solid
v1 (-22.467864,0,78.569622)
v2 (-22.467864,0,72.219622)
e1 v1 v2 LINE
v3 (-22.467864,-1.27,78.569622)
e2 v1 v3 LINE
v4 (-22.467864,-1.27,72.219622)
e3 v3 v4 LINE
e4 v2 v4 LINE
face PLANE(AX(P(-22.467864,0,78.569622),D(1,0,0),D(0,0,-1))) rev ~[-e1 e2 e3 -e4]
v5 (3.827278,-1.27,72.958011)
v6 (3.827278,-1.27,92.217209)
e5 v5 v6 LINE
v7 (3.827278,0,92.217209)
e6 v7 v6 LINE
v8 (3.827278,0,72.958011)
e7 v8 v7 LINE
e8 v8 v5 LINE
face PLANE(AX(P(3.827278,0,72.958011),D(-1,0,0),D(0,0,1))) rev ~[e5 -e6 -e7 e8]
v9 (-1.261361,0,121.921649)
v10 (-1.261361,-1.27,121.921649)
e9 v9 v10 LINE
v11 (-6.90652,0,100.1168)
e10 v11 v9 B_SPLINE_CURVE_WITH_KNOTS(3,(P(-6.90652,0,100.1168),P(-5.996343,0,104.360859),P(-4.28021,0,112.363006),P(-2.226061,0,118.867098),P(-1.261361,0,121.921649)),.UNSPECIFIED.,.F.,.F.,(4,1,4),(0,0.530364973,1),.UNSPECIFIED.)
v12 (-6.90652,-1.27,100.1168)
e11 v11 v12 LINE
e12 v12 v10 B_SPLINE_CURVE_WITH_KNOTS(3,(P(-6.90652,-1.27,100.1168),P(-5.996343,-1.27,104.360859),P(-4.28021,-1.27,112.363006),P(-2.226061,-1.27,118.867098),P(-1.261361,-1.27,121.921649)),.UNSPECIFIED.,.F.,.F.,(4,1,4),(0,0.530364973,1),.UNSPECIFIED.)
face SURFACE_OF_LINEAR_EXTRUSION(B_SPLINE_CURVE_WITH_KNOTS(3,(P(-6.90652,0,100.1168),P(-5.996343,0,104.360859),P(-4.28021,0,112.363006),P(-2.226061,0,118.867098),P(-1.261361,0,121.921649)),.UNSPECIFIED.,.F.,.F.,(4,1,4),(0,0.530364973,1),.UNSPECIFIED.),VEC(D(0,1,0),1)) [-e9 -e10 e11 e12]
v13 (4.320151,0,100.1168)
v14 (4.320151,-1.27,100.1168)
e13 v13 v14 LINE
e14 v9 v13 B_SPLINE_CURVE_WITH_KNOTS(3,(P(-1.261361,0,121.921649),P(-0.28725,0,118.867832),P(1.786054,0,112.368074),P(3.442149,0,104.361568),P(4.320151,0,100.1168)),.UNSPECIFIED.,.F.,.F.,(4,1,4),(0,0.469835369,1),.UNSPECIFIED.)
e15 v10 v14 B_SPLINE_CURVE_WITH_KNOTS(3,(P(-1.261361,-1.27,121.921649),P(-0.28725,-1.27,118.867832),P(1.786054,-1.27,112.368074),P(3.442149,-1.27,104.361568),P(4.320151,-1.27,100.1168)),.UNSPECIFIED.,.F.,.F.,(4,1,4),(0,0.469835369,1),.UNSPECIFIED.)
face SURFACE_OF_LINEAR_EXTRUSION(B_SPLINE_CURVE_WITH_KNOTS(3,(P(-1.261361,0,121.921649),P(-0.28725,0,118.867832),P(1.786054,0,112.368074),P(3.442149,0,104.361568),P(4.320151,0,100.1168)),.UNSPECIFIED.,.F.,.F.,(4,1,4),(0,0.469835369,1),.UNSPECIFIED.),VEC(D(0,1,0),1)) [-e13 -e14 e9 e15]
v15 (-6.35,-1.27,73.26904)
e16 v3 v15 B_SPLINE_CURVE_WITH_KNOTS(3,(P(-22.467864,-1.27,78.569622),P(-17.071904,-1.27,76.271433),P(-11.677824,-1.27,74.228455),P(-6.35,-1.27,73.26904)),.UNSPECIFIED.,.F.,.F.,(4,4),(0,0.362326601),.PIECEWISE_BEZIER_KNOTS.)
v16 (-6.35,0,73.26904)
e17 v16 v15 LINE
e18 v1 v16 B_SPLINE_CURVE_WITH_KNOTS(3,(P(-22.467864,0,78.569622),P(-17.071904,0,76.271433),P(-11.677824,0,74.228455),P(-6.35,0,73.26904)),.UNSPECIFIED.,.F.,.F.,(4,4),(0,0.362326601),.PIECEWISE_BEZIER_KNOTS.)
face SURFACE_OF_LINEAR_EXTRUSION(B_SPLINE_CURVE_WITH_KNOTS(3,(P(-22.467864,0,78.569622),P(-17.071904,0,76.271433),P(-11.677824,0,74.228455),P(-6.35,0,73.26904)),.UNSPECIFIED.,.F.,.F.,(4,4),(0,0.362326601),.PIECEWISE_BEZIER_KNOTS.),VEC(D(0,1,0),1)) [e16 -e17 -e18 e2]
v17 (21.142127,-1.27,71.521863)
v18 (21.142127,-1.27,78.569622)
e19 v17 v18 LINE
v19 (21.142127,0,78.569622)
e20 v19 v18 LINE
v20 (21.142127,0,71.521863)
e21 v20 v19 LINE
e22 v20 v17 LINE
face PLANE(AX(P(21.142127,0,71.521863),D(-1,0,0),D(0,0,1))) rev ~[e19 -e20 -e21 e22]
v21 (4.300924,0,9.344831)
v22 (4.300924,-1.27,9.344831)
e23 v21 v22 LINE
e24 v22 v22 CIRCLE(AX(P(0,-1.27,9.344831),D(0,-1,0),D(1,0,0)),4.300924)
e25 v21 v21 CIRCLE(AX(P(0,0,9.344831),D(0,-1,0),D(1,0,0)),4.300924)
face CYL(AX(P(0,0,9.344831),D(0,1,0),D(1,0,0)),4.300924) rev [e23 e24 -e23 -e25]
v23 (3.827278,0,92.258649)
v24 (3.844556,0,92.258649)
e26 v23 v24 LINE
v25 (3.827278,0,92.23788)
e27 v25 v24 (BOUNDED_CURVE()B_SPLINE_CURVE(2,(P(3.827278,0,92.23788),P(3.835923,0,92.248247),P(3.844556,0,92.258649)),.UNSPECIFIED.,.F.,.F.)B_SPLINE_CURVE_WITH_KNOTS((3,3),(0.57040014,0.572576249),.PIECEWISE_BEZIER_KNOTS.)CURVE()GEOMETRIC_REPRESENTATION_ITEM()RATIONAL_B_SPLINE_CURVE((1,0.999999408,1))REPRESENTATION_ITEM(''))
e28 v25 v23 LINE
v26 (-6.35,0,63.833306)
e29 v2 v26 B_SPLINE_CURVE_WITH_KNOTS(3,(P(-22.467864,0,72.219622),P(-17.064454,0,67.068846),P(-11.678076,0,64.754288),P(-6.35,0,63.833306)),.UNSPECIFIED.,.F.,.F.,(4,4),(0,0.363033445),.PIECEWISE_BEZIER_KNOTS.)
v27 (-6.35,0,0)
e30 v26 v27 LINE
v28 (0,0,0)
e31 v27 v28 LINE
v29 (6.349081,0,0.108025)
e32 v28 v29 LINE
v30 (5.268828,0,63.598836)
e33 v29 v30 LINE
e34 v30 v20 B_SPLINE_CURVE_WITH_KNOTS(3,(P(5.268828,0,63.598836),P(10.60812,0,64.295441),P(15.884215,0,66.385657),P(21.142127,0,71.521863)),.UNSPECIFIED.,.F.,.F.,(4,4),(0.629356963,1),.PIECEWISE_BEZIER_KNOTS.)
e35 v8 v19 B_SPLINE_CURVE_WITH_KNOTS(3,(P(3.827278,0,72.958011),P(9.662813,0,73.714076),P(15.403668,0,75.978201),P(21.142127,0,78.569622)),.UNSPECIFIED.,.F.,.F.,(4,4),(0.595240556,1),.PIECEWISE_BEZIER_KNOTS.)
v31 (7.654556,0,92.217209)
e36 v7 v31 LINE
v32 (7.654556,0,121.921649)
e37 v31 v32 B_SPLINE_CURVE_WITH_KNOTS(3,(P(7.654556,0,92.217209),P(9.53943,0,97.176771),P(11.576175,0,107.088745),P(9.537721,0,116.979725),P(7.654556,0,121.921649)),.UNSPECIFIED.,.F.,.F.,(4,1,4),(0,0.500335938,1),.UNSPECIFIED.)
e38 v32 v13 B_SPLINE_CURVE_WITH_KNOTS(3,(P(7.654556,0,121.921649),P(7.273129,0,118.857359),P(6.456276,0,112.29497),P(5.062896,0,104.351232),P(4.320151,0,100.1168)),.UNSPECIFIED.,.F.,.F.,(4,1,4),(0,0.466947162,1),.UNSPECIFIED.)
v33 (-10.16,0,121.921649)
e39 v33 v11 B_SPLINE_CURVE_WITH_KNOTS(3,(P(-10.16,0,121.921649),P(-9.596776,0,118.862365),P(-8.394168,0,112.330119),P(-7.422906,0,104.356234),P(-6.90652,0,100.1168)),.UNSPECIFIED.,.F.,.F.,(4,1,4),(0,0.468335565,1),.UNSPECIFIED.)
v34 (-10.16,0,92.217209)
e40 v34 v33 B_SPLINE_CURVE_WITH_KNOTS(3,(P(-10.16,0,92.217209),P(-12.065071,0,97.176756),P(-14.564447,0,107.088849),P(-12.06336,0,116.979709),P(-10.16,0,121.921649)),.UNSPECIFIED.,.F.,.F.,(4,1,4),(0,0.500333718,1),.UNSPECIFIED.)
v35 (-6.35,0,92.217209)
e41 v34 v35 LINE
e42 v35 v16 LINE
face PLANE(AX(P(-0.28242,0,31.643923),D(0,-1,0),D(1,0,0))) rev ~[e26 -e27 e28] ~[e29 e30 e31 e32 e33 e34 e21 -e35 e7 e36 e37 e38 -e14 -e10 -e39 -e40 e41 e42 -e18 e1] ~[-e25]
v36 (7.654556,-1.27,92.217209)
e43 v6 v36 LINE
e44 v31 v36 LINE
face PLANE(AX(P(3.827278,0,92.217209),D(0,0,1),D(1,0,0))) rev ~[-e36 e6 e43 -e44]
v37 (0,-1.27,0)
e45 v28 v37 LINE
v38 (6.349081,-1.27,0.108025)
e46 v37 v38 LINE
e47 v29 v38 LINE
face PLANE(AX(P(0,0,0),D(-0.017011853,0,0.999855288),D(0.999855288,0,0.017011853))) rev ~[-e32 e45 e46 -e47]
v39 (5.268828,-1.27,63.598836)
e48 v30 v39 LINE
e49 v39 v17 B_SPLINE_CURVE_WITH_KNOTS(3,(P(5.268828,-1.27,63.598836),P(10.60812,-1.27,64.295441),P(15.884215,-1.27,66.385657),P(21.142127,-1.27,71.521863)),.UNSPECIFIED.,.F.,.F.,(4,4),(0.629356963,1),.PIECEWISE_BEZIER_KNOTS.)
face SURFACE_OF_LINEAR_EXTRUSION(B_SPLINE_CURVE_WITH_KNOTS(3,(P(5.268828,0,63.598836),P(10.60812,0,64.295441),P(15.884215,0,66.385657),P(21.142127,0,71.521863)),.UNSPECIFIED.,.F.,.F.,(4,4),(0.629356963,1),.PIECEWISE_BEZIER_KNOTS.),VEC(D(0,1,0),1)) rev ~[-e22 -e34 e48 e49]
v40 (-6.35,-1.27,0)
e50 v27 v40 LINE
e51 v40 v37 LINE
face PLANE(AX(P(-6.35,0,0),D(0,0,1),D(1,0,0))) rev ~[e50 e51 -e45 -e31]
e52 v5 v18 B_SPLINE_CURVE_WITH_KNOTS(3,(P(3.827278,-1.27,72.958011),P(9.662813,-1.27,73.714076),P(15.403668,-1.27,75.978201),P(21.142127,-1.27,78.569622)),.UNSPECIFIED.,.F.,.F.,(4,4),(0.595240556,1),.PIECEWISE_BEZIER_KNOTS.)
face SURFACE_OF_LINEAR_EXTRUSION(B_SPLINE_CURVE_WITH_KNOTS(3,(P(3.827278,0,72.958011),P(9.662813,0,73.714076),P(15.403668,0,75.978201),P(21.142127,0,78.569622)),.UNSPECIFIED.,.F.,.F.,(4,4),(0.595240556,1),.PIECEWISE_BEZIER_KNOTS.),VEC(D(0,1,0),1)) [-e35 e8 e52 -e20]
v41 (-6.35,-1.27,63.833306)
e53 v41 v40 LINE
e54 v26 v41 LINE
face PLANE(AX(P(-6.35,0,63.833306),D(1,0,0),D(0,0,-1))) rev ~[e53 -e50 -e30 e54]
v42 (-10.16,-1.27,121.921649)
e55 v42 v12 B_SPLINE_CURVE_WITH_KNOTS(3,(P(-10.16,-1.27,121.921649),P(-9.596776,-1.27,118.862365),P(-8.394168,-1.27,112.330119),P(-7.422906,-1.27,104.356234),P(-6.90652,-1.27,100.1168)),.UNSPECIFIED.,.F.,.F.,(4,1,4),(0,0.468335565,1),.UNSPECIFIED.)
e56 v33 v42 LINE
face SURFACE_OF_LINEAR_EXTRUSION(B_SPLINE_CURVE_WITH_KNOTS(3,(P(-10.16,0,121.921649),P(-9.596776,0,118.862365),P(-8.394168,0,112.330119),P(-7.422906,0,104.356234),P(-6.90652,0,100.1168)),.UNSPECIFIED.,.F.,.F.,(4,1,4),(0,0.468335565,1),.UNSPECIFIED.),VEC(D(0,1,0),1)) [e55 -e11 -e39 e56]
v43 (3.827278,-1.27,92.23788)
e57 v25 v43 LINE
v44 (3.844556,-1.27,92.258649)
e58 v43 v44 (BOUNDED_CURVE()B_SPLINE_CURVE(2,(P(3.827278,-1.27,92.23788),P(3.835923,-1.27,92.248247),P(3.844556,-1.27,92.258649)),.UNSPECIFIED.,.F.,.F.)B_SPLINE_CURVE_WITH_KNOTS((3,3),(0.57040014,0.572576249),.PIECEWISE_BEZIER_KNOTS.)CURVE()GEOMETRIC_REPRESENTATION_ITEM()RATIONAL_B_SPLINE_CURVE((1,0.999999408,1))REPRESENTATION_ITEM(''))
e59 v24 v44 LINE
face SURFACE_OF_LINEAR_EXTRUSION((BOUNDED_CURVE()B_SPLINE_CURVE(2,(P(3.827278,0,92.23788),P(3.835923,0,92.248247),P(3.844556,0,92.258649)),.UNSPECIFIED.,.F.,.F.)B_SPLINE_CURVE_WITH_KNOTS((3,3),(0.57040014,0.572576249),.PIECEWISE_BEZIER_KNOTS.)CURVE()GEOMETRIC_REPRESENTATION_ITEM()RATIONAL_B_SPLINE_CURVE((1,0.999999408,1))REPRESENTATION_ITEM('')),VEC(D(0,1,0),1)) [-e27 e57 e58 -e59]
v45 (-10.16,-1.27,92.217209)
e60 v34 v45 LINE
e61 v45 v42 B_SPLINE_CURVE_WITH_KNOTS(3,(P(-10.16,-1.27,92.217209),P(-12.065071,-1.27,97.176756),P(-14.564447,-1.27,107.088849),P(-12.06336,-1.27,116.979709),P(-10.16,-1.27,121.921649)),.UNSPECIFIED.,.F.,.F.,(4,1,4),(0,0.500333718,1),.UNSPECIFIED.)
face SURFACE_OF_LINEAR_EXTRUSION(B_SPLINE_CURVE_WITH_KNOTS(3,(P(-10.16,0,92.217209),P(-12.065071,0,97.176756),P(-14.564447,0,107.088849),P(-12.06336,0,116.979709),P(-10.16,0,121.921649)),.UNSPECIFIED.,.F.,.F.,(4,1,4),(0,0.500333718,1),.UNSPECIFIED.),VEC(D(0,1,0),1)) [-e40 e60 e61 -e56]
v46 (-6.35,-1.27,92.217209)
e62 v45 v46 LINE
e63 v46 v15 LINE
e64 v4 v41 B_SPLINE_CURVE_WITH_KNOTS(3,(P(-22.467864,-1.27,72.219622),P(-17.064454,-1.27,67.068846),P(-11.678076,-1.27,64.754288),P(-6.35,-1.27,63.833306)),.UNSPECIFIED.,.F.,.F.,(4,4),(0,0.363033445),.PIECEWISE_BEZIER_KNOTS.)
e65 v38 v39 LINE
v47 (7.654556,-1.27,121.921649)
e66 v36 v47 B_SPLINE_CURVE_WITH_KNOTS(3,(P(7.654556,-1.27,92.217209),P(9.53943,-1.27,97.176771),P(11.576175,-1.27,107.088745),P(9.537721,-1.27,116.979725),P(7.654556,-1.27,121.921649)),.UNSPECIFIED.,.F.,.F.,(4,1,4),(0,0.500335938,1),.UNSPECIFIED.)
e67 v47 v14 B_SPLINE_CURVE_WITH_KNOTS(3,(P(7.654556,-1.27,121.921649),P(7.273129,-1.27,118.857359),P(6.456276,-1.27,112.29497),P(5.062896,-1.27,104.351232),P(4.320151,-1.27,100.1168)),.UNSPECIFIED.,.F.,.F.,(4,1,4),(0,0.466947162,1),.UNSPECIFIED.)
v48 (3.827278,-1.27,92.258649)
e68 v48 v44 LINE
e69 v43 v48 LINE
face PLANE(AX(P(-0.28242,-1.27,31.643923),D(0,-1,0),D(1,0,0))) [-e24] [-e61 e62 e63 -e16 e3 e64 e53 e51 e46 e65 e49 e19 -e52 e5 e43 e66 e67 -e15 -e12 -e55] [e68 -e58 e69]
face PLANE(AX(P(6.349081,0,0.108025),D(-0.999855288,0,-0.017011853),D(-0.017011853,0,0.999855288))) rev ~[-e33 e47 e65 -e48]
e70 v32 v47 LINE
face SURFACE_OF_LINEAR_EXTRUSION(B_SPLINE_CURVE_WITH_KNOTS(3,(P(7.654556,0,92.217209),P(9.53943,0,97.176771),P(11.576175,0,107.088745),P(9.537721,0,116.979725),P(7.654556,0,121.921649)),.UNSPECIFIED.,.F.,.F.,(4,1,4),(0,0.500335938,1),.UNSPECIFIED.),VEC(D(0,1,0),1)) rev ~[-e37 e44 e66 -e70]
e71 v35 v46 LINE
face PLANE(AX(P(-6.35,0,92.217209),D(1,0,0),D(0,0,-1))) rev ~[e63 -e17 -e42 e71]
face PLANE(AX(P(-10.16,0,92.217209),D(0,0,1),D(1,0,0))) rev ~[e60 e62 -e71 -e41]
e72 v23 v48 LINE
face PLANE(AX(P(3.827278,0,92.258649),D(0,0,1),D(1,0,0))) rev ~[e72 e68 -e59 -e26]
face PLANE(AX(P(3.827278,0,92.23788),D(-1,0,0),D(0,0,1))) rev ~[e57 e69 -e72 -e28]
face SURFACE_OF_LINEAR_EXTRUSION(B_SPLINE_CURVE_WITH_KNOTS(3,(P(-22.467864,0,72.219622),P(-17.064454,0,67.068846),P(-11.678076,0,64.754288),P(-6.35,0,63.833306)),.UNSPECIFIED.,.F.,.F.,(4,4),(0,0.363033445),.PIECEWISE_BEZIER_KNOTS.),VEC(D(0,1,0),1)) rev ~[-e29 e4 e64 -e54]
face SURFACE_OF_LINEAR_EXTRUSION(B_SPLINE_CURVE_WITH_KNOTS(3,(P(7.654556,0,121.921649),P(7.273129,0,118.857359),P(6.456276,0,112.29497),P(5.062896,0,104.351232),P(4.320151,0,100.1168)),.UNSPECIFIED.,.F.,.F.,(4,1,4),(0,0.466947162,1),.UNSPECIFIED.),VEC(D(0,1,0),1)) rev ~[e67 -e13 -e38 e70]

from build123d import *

# Parameters (mm, degrees)
F0_R     = 4.3009235336
F1_DEPTH = 1.27


with BuildPart() as f1:
    # F0 (on Front) → F1 (new body)
    with BuildSketch(Plane.XZ):
        with BuildLine():
            Line((-6.35, 0), (0, 0))
            Line((0, 0), (6.3490810785, 0.1080252686))
            Line((6.3490810785, 0.1080252686), (5.2688283925, 63.5988360536))
            add(Edge.make_bspline(
                [(-6.35, 63.8333058417), (-4.2231685824, 63.4656735081), (-0.3315328284, 63.1981260537), (3.5198606581, 63.3706524244), (5.2688283925, 63.5988360536)],
                knots=[0.3630334453, 0.3630334453, 0.3630334453, 0.3630334453, 0.5079470936, 0.6293569632, 0.6293569632, 0.6293569632, 0.6293569632], degree=3))
            Line((-6.35, 63.8333058417), (-6.35, 0))
        make_face()
        with Locations((0, 9.344831109)):
            Circle(F0_R, mode=Mode.SUBTRACT)
        with BuildLine():
            Line((-10.16, 92.217209102), (-6.35, 92.217209102))
            Line((-6.35, 92.217209102), (3.81, 92.217209102))
            add(Edge.make_bspline(
                [(3.81, 92.217209102), (3.8186450629, 92.2275267888), (3.8272781109, 92.2378795682)],
                knots=[0.5682270645, 0.5682270645, 0.5682270645, 0.5704001399, 0.5704001399, 0.5704001399], degree=2, weights=[1, 0.9999994097, 1]))
            Line((3.8272781109, 92.2378795682), (3.8272781109, 92.217209102))
            Line((3.8272781109, 92.217209102), (3.8445562217, 92.217209102))
            Line((3.8445562217, 92.217209102), (7.6545562217, 92.217209102))
            add(Edge.make_bspline(
                [(7.6545562217, 92.217209102), (9.5394297496, 97.1767714549), (11.5761747812, 107.0887447306), (9.5377207666, 116.9797249494), (7.6545562217, 121.9216488643)],
                knots=[0, 0, 0, 0, 0.5003359375, 1, 1, 1, 1], degree=3))
            add(Edge.make_bspline(
                [(7.6545562217, 121.9216488643), (7.2731291678, 118.8573585817), (6.4562764143, 112.2949700402), (5.0628964284, 104.3512323354), (4.3201514552, 100.1167997863)],
                knots=[0, 0, 0, 0, 0.4669471622, 1, 1, 1, 1], degree=3))
            add(Edge.make_bspline(
                [(-1.2613609446, 121.9216488643), (-0.2872496355, 118.8678317931), (1.7860540092, 112.3680743835), (3.4421486091, 104.3615682107), (4.3201514552, 100.1167997863)],
                knots=[0, 0, 0, 0, 0.4698353694, 1, 1, 1, 1], degree=3))
            add(Edge.make_bspline(
                [(-6.9065201562, 100.1167997863), (-5.9963434616, 104.3608589619), (-4.2802103871, 112.3630057461), (-2.2260614, 118.8670975193), (-1.2613609446, 121.9216488643)],
                knots=[0, 0, 0, 0, 0.5303649727, 1, 1, 1, 1], degree=3))
            add(Edge.make_bspline(
                [(-10.16, 121.9216488643), (-9.5967759067, 118.8623650491), (-8.3941679207, 112.3301191934), (-7.4229057603, 104.3562335812), (-6.9065201562, 100.1167997863)],
                knots=[0, 0, 0, 0, 0.4683355645, 1, 1, 1, 1], degree=3))
            add(Edge.make_bspline(
                [(-10.16, 92.217209102), (-12.0650708017, 97.1767556626), (-14.5644469851, 107.0888485812), (-12.0633598158, 116.9797088874), (-10.16, 121.9216488643)],
                knots=[0, 0, 0, 0, 0.5003337176, 1, 1, 1, 1], degree=3))
        make_face()
        with BuildLine():
            Line((-6.35, 92.2586491744), (-6.35, 92.217209102))
            add(Edge.make_bspline(
                [(-6.3845562217, 92.2586491744), (-6.3673022152, 92.2378589041), (-6.35, 92.217209102)],
                knots=[5.7106090581, 5.7106090581, 5.7106090581, 5.7149582427, 5.7149582427, 5.7149582427], degree=2, weights=[1, 0.9999976356, 1]))
            Line((-6.3845562217, 92.2586491744), (-6.35, 92.2586491744))
        make_face(mode=Mode.SUBTRACT)
        with BuildLine():
            add(Edge.make_bspline(
                [(3.8272781109, 92.2378795682), (3.835923211, 92.2482468005), (3.8445562217, 92.2586491744)],
                knots=[0.5704001399, 0.5704001399, 0.5704001399, 0.5725762491, 0.5725762491, 0.5725762491], degree=2, weights=[1, 0.9999994081, 1]))
            Line((3.8272781109, 92.2378795682), (3.8272781109, 92.2586491744))
            Line((3.8272781109, 92.2586491744), (3.8445562217, 92.2586491744))
        make_face(mode=Mode.SUBTRACT)
        with BuildLine():
            add(Edge.make_bspline(
                [(-22.4678642667, 72.2196217231), (-17.064453701, 67.0688457999), (-11.678076037, 64.7542876416), (-6.35, 63.8333058417)],
                knots=[0, 0, 0, 0, 0.3630334453, 0.3630334453, 0.3630334453, 0.3630334453], degree=3))
            add(Edge.make_bspline(
                [(-6.35, 63.8333058417), (-4.2231685824, 63.4656735081), (-0.3315328284, 63.1981260537), (3.5198606581, 63.3706524244), (5.2688283925, 63.5988360536)],
                knots=[0.3630334453, 0.3630334453, 0.3630334453, 0.3630334453, 0.5079470936, 0.6293569632, 0.6293569632, 0.6293569632, 0.6293569632], degree=3))
            add(Edge.make_bspline(
                [(5.2688283925, 63.5988360536), (10.6081201213, 64.2954406507), (15.8842146578, 66.3856574203), (21.14212726, 71.5218634843)],
                knots=[0.6293569632, 0.6293569632, 0.6293569632, 0.6293569632, 1, 1, 1, 1], degree=3))
            Line((21.14212726, 71.5218634843), (21.14212726, 78.5696217231))
            add(Edge.make_bspline(
                [(3.8272781109, 72.9580112008), (9.6628134484, 73.7140757468), (15.4036678583, 75.9782012049), (21.14212726, 78.5696217231)],
                knots=[0.595240556, 0.595240556, 0.595240556, 0.595240556, 1, 1, 1, 1], degree=3))
            add(Edge.make_bspline(
                [(-6.35, 73.2690403028), (-4.2213889104, 72.8857278835), (-0.8135270629, 72.547277396), (2.5563277012, 72.7933441241), (3.8272781109, 72.9580112008)],
                knots=[0.3623266011, 0.3623266011, 0.3623266011, 0.3623266011, 0.5070859735, 0.595240556, 0.595240556, 0.595240556, 0.595240556], degree=3))
            add(Edge.make_bspline(
                [(-22.4678642667, 78.5696217231), (-17.071903631, 76.2714329461), (-11.6778237405, 74.2284551144), (-6.35, 73.2690403028)],
                knots=[0, 0, 0, 0, 0.3623266011, 0.3623266011, 0.3623266011, 0.3623266011], degree=3))
            Line((-22.4678642667, 78.5696217231), (-22.4678642667, 72.2196217231))
        make_face()
        with BuildLine():
            Line((-6.35, 92.217209102), (-6.35, 73.2690403028))
            add(Edge.make_bspline(
                [(-6.35, 73.2690403028), (-4.2213889104, 72.8857278835), (-0.8135270629, 72.547277396), (2.5563277012, 72.7933441241), (3.8272781109, 72.9580112008)],
                knots=[0.3623266011, 0.3623266011, 0.3623266011, 0.3623266011, 0.5070859735, 0.595240556, 0.595240556, 0.595240556, 0.595240556], degree=3))
            Line((3.8272781109, 72.9580112008), (3.8272781109, 92.217209102))
            Line((3.8272781109, 92.217209102), (3.81, 92.217209102))
            Line((3.81, 92.217209102), (-6.35, 92.217209102))
        make_face()
        with BuildLine():
            add(Edge.make_bspline(
                [(-6.3845562217, 92.2586491744), (-6.3673022152, 92.2378589041), (-6.35, 92.217209102)],
                knots=[5.7106090581, 5.7106090581, 5.7106090581, 5.7149582427, 5.7149582427, 5.7149582427], degree=2, weights=[1, 0.9999976356, 1]))
            Line((-6.35, 92.217209102), (-6.35, 92.2586491744))
            Line((-6.35, 92.2586491744), (-6.3845562217, 92.2586491744))
        make_face()
        with BuildLine():
            Line((3.81, 92.217209102), (3.8272781109, 92.217209102))
            Line((3.8272781109, 92.217209102), (3.8272781109, 92.2378795682))
            add(Edge.make_bspline(
                [(3.81, 92.217209102), (3.8186450629, 92.2275267888), (3.8272781109, 92.2378795682)],
                knots=[0.5682270645, 0.5682270645, 0.5682270645, 0.5704001399, 0.5704001399, 0.5704001399], degree=2, weights=[1, 0.9999994097, 1]))
        make_face()
    extrude(amount=F1_DEPTH)


solid = f1.part
